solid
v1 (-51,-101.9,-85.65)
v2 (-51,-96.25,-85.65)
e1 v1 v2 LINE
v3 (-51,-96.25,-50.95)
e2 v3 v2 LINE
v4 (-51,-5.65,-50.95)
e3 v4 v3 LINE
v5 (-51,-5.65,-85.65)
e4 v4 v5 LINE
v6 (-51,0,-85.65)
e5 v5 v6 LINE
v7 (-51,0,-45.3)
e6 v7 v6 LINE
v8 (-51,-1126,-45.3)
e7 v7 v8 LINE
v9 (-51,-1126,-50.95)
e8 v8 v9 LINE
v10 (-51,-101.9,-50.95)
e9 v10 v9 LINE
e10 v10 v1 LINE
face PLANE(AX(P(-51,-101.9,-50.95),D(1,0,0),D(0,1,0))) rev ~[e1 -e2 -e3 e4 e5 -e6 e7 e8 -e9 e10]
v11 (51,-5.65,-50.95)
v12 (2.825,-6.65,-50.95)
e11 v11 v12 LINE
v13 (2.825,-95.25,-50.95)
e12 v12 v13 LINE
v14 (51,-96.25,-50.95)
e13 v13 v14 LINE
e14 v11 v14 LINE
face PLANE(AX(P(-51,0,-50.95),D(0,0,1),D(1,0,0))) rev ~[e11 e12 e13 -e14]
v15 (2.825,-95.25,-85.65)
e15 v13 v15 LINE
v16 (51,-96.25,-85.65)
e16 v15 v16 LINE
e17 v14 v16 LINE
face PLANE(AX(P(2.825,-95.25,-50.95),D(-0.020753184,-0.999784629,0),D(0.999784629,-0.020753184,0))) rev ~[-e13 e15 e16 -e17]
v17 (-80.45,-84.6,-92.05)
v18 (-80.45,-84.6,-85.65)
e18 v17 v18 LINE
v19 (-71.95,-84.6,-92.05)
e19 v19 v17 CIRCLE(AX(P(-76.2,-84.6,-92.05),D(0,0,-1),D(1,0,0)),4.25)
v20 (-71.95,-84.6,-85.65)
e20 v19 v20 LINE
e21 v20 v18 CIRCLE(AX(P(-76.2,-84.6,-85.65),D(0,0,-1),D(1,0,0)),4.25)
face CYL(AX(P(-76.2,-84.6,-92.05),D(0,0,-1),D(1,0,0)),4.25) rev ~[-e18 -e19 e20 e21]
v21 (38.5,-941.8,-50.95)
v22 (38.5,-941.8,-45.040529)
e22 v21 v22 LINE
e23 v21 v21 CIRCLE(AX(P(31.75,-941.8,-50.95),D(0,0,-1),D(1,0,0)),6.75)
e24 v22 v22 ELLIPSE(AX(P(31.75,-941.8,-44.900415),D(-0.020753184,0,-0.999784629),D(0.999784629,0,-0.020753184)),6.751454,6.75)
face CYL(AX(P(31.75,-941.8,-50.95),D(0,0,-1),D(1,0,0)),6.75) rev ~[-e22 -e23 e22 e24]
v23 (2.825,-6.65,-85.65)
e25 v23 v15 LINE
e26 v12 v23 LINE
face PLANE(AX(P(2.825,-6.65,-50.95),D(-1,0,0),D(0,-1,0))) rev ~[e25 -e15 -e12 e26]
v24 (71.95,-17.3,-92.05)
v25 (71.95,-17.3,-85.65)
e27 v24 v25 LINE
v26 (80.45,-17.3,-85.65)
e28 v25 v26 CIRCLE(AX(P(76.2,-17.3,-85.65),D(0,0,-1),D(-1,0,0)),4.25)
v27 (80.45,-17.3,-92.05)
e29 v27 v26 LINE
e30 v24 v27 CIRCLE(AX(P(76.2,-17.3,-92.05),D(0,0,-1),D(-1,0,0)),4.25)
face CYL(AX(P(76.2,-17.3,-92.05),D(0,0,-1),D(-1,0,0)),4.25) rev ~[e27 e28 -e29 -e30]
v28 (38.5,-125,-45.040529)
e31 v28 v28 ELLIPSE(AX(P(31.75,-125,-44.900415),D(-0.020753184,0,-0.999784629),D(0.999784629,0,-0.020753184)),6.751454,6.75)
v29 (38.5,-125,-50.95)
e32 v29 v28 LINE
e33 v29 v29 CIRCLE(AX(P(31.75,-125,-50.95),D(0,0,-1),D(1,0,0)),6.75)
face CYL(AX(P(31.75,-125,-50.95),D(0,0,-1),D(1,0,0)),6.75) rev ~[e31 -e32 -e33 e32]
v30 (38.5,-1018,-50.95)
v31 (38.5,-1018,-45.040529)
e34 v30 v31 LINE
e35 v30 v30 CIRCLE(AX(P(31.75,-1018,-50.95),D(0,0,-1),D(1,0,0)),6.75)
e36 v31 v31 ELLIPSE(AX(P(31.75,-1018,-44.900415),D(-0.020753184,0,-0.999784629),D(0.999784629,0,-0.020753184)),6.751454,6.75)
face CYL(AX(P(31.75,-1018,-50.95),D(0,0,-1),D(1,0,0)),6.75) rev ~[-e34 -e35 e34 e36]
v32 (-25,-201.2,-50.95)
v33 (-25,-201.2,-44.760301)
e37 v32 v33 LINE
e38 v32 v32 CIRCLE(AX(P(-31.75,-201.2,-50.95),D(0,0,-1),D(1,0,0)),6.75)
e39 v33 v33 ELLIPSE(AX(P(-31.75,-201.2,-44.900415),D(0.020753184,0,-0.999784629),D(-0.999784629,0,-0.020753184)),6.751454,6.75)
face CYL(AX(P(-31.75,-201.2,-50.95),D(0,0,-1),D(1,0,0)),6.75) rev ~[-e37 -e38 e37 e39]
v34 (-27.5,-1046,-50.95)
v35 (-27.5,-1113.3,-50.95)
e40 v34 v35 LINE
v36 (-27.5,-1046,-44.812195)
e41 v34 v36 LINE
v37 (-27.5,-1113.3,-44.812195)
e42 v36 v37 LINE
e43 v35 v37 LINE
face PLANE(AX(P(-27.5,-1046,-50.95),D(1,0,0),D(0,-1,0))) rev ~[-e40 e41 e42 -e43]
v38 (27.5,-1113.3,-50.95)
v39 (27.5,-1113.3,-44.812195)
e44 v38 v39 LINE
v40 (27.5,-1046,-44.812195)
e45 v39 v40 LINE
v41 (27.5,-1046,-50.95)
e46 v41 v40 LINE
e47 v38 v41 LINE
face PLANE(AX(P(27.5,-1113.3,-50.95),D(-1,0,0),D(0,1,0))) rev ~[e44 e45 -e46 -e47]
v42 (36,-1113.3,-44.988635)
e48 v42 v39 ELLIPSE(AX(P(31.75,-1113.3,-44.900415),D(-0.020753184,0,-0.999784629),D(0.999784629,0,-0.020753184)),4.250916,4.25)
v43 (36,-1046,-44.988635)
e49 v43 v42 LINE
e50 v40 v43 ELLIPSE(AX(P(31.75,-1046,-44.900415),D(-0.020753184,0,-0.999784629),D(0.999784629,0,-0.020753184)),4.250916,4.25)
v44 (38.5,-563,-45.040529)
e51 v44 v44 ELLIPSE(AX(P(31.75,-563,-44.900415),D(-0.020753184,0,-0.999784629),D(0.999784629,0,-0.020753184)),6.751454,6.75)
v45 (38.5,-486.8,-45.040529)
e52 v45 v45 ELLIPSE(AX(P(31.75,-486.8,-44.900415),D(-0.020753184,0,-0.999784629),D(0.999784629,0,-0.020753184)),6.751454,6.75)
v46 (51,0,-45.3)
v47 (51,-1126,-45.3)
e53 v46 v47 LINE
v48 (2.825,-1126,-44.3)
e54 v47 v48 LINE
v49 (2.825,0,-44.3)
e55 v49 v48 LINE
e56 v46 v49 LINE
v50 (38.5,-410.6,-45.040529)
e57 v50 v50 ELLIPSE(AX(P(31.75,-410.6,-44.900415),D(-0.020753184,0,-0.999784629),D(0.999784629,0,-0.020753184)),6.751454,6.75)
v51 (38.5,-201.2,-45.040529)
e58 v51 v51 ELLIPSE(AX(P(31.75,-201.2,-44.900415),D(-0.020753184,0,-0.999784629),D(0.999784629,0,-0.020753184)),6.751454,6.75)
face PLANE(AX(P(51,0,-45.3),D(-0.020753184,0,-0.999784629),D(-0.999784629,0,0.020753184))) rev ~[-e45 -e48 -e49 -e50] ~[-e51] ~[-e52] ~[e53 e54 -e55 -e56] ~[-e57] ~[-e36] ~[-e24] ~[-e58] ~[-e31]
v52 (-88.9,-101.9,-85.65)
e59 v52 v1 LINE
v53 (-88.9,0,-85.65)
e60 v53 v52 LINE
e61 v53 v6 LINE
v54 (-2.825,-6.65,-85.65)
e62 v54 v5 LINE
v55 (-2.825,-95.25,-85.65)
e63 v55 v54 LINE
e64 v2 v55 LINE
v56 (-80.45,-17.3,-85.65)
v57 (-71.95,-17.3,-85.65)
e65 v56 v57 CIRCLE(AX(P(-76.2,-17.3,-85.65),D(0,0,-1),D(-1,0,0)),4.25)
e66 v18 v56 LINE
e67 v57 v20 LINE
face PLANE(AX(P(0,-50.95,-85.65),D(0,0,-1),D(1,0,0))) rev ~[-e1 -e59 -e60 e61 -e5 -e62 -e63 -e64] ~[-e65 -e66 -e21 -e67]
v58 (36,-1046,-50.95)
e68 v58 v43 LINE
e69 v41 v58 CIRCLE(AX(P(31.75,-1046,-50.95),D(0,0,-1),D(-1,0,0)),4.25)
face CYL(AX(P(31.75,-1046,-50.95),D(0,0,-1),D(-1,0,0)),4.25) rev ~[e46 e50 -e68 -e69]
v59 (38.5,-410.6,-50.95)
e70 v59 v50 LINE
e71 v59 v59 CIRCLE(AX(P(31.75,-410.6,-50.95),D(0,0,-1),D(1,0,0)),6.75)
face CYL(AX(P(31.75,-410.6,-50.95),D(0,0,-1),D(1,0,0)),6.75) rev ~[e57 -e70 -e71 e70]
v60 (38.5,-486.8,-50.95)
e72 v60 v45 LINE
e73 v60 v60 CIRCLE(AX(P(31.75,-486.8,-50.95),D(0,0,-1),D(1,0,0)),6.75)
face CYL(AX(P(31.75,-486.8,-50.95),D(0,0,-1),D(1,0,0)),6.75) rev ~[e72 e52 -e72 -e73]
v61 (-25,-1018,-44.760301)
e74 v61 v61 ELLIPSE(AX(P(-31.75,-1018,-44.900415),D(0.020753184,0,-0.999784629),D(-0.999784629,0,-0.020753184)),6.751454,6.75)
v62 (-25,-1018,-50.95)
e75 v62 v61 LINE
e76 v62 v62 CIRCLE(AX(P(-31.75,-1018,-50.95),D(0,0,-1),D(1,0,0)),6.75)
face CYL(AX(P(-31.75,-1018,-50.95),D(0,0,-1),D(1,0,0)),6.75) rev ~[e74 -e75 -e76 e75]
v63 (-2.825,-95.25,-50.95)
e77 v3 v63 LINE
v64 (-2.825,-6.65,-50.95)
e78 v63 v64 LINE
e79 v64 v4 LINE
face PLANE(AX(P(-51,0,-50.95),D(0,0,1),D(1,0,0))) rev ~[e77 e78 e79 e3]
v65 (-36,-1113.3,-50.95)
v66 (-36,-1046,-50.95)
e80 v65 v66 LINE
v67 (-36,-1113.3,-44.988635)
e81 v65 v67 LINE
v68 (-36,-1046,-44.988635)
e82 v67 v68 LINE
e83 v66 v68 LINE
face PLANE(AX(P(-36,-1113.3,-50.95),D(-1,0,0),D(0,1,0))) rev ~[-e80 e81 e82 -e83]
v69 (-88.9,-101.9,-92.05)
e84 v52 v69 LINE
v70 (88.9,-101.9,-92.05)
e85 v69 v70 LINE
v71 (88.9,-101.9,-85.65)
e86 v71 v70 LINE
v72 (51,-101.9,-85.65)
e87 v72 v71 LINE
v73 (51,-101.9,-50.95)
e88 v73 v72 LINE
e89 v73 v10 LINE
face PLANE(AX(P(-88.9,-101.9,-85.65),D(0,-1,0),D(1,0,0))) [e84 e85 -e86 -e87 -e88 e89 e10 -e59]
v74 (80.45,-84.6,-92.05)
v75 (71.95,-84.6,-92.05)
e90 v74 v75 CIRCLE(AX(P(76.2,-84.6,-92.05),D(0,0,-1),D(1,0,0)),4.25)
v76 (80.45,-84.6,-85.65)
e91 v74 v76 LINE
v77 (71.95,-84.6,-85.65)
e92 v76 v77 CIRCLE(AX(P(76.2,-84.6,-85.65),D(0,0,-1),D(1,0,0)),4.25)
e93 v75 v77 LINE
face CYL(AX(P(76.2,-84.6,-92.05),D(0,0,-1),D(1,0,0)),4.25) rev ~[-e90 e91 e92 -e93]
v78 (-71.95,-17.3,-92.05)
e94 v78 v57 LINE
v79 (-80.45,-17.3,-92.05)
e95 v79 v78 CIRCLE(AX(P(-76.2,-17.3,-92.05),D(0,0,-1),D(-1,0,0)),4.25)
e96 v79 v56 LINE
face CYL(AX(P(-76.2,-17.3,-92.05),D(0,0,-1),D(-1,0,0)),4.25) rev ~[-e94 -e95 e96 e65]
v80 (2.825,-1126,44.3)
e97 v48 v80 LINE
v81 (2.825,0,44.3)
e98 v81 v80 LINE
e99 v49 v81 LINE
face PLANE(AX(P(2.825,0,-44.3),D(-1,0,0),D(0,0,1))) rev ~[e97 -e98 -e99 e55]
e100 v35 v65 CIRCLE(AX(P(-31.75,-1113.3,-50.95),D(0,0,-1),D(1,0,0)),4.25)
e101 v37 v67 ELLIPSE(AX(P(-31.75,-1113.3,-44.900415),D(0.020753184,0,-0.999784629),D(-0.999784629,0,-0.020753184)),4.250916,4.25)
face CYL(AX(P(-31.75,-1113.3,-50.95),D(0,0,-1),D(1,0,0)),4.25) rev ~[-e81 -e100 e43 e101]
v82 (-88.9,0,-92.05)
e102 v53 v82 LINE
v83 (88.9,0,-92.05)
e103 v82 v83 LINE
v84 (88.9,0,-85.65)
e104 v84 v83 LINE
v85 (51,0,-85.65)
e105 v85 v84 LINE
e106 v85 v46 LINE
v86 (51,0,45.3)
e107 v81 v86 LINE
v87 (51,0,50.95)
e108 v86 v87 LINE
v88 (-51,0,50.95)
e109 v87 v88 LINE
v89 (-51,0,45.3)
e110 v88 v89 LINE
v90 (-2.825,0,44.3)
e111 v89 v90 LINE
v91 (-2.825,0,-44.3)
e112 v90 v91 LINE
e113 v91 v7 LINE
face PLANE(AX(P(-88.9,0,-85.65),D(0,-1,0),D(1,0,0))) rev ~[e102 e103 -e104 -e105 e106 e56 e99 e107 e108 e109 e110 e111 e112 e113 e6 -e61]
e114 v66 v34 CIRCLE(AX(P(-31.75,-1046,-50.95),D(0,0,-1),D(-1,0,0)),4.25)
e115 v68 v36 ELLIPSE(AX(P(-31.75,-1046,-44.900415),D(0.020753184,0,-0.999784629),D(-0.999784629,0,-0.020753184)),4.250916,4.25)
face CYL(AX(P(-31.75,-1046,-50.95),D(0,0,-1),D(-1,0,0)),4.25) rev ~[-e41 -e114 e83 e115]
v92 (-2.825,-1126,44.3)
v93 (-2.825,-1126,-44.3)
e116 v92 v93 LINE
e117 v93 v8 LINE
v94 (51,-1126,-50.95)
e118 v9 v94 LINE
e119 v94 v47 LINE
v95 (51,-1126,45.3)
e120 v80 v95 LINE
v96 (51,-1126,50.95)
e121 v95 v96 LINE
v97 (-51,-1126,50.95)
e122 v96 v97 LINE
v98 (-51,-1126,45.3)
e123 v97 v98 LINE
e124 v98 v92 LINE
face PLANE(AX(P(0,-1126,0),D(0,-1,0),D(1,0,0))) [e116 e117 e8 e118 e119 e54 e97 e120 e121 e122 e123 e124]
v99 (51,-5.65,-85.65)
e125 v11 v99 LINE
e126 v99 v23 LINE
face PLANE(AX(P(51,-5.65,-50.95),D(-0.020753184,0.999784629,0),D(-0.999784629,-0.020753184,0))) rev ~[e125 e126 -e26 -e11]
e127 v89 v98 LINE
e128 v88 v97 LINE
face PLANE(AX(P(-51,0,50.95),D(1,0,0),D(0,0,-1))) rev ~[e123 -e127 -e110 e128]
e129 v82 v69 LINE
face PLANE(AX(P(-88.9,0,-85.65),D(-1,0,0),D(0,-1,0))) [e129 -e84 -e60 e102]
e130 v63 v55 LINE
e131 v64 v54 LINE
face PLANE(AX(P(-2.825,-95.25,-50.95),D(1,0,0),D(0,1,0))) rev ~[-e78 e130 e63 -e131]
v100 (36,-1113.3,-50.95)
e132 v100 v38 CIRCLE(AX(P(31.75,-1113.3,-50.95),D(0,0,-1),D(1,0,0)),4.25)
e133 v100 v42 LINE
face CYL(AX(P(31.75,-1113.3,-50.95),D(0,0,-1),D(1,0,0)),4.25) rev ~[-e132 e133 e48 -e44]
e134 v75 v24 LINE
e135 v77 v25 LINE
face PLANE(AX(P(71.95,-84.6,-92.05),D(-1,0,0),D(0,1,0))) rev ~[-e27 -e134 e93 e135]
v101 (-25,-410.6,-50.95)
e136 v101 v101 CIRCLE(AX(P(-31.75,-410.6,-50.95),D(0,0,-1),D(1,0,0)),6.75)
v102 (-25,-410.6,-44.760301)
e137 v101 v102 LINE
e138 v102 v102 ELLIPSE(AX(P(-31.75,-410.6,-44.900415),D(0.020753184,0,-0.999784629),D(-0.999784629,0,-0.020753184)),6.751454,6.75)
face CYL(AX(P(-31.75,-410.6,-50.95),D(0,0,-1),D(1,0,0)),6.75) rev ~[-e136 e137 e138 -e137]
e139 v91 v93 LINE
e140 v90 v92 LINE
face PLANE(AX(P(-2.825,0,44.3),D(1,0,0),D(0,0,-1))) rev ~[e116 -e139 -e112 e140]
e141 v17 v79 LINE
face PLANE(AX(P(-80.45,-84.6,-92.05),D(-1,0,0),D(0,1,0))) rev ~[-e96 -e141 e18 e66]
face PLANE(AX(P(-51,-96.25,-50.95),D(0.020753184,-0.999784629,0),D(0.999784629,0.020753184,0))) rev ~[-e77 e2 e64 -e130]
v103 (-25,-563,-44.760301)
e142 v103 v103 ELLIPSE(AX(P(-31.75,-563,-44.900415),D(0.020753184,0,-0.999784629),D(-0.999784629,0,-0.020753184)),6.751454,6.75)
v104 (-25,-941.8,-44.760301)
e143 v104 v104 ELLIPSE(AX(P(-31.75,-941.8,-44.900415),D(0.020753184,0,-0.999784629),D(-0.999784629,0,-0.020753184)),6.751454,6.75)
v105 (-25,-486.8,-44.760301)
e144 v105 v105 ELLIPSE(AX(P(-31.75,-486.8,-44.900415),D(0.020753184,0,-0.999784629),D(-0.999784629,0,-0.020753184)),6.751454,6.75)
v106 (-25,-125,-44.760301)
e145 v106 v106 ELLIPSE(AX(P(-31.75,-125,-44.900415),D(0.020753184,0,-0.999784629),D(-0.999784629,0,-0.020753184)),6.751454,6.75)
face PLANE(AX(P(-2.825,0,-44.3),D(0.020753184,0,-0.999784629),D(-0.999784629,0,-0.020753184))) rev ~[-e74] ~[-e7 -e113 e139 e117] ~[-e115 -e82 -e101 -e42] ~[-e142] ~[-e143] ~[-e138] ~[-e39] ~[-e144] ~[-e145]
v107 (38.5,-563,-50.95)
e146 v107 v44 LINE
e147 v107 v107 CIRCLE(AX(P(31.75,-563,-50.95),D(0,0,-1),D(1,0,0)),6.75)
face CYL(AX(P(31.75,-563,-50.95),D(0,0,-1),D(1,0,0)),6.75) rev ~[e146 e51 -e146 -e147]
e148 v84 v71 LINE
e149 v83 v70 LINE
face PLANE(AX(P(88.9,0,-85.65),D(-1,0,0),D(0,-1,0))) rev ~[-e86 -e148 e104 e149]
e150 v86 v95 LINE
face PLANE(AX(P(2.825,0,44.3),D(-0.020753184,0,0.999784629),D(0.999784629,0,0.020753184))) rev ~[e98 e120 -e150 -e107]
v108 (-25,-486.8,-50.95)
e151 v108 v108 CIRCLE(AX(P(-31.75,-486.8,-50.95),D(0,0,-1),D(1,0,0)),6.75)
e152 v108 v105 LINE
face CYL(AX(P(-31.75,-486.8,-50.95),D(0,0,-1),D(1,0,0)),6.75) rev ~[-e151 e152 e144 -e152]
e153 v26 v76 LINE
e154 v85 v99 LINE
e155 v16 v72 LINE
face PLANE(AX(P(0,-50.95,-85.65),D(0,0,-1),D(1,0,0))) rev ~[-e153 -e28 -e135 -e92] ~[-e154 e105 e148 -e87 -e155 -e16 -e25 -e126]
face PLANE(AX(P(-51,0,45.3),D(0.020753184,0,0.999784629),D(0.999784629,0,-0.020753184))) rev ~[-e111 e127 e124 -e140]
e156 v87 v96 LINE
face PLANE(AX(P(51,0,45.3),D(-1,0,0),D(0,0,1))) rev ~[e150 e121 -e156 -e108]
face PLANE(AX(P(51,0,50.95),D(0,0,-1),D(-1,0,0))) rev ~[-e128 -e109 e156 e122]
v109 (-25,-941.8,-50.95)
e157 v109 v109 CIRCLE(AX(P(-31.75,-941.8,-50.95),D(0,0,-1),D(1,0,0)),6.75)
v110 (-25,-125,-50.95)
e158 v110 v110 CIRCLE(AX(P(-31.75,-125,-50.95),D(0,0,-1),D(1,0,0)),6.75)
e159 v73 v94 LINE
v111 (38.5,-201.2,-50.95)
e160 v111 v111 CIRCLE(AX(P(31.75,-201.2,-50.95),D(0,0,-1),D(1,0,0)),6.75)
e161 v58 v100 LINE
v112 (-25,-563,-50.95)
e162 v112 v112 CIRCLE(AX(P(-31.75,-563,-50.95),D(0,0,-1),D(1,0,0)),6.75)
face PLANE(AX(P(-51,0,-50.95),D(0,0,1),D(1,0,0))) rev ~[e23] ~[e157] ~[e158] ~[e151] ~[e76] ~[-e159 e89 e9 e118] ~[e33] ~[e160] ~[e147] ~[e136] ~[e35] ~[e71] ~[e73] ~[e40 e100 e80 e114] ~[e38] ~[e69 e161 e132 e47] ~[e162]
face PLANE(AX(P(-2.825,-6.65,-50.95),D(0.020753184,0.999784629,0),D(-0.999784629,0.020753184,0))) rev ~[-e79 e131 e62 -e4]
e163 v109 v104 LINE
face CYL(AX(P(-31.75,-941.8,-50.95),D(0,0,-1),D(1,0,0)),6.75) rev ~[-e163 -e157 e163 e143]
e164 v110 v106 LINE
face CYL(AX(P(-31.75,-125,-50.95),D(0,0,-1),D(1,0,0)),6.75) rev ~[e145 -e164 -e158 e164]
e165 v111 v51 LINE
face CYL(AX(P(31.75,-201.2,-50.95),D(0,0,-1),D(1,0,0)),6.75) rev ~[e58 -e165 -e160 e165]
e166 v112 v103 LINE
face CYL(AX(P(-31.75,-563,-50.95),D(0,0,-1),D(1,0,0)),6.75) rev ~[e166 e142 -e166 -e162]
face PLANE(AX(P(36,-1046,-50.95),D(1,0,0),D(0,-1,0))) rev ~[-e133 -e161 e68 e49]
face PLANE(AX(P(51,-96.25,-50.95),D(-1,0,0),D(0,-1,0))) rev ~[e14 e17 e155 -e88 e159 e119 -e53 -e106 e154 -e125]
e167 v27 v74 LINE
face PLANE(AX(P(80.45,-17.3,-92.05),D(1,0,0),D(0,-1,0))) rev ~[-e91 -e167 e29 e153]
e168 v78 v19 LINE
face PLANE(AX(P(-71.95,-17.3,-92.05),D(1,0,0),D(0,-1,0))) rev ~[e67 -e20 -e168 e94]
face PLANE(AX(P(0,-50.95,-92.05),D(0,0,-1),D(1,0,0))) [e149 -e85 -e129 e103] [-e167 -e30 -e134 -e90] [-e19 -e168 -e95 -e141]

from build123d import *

# Parameters (mm, degrees)
F1_DEPTH = 1126
F2_R     = 6.75
F3_DEPTH = 6.190699014
F5_DEPTH = 34.7
F6_W     = 177.8
F6_H     = 101.9
F7_DEPTH = 6.4
F9_DEPTH = 6.4


with BuildPart() as f1:
    # F0 (on Front) → F1 (new body)
    with BuildSketch(Plane.XZ):
        Polygon((51, 50.95), (-51, 50.95), (-51, 45.3), (-2.825, 44.3), (-2.825, -44.3), (-51, -45.3), (-51, -50.95), (51, -50.95), (51, -45.3), (2.825, -44.3), (2.825, 44.3), (51, 45.3), align=None)
    extrude(amount=F1_DEPTH)

    # F2 (on face) → F3 (cut, through all)
    with BuildSketch(Plane(origin=(0, 0, -50.95), x_dir=(1, 0, 0), z_dir=(0, 0, -1))):
        with Locations((-31.75, 563)):
            Circle(F2_R)
        with Locations((31.75, 563)):
            Circle(F2_R)
        with Locations((-31.75, 486.8)):
            Circle(F2_R)
        with Locations((31.75, 486.8)):
            Circle(F2_R)
        with Locations((-31.75, 1018)):
            Circle(F2_R)
        with Locations((31.75, 1018)):
            Circle(F2_R)
        with Locations((-31.75, 941.8)):
            Circle(F2_R)
        with Locations((31.75, 941.8)):
            Circle(F2_R)
        with Locations((-31.75, 410.6)):
            Circle(F2_R)
        with Locations((31.75, 410.6)):
            Circle(F2_R)
        with BuildLine():
            Line((-27.5, 1046), (-27.5, 1113.3))
            ThreePointArc((-27.5, 1113.3), (-31.75, 1117.55), (-36, 1113.3))
            Line((-36, 1113.3), (-36, 1046))
            ThreePointArc((-36, 1046), (-31.75, 1041.75), (-27.5, 1046))
        make_face()
        with BuildLine():
            ThreePointArc((36, 1113.3), (31.75, 1117.55), (27.5, 1113.3))
            Line((27.5, 1113.3), (27.5, 1046))
            ThreePointArc((27.5, 1046), (31.75, 1041.75), (36, 1046))
            Line((36, 1046), (36, 1113.3))
        make_face()
        with Locations((-31.75, 201.2)):
            Circle(F2_R)
        with Locations((31.75, 201.2)):
            Circle(F2_R)
        with Locations((-31.75, 125)):
            Circle(F2_R)
        with Locations((31.75, 125)):
            Circle(F2_R)
    extrude(amount=-F3_DEPTH, mode=Mode.SUBTRACT)

    # F4 (on face) → F5 (join)
    with BuildSketch(Plane(origin=(0, 0, -50.95), x_dir=(1, 0, 0), z_dir=(0, 0, -1))):
        Polygon((51, 101.9), (-51, 101.9), (-51, 96.25), (-2.825, 95.25), (-2.825, 6.65), (-51, 5.65), (-51, 0), (51, 0), (51, 5.65), (2.825, 6.65), (2.825, 95.25), (51, 96.25), align=None)
    extrude(amount=F5_DEPTH)

    # F6 (on face) → F7 (join)
    with BuildSketch(Plane(origin=(0, 0, -85.65), x_dir=(1, 0, 0), z_dir=(0, 0, -1))):
        with Locations((0, 50.95)):
            Rectangle(F6_W, F6_H)
    extrude(amount=F7_DEPTH)

    # F8 (on face) → F9 (cut, through all)
    with BuildSketch(Plane(origin=(0, 0, -92.05), x_dir=(1, 0, 0), z_dir=(0, 0, -1))):
        with BuildLine():
            Line((-71.95, 17.3), (-71.95, 84.6))
            ThreePointArc((-71.95, 84.6), (-76.2, 88.85), (-80.45, 84.6))
            Line((-80.45, 84.6), (-80.45, 17.3))
            ThreePointArc((-80.45, 17.3), (-76.2, 13.05), (-71.95, 17.3))
        make_face()
        with BuildLine():
            ThreePointArc((80.45, 84.6), (76.2, 88.85), (71.95, 84.6))
            Line((71.95, 84.6), (71.95, 17.3))
            ThreePointArc((71.95, 17.3), (76.2, 13.05), (80.45, 17.3))
            Line((80.45, 17.3), (80.45, 84.6))
        make_face()
    extrude(amount=-F9_DEPTH, mode=Mode.SUBTRACT)


solid = f1.part
